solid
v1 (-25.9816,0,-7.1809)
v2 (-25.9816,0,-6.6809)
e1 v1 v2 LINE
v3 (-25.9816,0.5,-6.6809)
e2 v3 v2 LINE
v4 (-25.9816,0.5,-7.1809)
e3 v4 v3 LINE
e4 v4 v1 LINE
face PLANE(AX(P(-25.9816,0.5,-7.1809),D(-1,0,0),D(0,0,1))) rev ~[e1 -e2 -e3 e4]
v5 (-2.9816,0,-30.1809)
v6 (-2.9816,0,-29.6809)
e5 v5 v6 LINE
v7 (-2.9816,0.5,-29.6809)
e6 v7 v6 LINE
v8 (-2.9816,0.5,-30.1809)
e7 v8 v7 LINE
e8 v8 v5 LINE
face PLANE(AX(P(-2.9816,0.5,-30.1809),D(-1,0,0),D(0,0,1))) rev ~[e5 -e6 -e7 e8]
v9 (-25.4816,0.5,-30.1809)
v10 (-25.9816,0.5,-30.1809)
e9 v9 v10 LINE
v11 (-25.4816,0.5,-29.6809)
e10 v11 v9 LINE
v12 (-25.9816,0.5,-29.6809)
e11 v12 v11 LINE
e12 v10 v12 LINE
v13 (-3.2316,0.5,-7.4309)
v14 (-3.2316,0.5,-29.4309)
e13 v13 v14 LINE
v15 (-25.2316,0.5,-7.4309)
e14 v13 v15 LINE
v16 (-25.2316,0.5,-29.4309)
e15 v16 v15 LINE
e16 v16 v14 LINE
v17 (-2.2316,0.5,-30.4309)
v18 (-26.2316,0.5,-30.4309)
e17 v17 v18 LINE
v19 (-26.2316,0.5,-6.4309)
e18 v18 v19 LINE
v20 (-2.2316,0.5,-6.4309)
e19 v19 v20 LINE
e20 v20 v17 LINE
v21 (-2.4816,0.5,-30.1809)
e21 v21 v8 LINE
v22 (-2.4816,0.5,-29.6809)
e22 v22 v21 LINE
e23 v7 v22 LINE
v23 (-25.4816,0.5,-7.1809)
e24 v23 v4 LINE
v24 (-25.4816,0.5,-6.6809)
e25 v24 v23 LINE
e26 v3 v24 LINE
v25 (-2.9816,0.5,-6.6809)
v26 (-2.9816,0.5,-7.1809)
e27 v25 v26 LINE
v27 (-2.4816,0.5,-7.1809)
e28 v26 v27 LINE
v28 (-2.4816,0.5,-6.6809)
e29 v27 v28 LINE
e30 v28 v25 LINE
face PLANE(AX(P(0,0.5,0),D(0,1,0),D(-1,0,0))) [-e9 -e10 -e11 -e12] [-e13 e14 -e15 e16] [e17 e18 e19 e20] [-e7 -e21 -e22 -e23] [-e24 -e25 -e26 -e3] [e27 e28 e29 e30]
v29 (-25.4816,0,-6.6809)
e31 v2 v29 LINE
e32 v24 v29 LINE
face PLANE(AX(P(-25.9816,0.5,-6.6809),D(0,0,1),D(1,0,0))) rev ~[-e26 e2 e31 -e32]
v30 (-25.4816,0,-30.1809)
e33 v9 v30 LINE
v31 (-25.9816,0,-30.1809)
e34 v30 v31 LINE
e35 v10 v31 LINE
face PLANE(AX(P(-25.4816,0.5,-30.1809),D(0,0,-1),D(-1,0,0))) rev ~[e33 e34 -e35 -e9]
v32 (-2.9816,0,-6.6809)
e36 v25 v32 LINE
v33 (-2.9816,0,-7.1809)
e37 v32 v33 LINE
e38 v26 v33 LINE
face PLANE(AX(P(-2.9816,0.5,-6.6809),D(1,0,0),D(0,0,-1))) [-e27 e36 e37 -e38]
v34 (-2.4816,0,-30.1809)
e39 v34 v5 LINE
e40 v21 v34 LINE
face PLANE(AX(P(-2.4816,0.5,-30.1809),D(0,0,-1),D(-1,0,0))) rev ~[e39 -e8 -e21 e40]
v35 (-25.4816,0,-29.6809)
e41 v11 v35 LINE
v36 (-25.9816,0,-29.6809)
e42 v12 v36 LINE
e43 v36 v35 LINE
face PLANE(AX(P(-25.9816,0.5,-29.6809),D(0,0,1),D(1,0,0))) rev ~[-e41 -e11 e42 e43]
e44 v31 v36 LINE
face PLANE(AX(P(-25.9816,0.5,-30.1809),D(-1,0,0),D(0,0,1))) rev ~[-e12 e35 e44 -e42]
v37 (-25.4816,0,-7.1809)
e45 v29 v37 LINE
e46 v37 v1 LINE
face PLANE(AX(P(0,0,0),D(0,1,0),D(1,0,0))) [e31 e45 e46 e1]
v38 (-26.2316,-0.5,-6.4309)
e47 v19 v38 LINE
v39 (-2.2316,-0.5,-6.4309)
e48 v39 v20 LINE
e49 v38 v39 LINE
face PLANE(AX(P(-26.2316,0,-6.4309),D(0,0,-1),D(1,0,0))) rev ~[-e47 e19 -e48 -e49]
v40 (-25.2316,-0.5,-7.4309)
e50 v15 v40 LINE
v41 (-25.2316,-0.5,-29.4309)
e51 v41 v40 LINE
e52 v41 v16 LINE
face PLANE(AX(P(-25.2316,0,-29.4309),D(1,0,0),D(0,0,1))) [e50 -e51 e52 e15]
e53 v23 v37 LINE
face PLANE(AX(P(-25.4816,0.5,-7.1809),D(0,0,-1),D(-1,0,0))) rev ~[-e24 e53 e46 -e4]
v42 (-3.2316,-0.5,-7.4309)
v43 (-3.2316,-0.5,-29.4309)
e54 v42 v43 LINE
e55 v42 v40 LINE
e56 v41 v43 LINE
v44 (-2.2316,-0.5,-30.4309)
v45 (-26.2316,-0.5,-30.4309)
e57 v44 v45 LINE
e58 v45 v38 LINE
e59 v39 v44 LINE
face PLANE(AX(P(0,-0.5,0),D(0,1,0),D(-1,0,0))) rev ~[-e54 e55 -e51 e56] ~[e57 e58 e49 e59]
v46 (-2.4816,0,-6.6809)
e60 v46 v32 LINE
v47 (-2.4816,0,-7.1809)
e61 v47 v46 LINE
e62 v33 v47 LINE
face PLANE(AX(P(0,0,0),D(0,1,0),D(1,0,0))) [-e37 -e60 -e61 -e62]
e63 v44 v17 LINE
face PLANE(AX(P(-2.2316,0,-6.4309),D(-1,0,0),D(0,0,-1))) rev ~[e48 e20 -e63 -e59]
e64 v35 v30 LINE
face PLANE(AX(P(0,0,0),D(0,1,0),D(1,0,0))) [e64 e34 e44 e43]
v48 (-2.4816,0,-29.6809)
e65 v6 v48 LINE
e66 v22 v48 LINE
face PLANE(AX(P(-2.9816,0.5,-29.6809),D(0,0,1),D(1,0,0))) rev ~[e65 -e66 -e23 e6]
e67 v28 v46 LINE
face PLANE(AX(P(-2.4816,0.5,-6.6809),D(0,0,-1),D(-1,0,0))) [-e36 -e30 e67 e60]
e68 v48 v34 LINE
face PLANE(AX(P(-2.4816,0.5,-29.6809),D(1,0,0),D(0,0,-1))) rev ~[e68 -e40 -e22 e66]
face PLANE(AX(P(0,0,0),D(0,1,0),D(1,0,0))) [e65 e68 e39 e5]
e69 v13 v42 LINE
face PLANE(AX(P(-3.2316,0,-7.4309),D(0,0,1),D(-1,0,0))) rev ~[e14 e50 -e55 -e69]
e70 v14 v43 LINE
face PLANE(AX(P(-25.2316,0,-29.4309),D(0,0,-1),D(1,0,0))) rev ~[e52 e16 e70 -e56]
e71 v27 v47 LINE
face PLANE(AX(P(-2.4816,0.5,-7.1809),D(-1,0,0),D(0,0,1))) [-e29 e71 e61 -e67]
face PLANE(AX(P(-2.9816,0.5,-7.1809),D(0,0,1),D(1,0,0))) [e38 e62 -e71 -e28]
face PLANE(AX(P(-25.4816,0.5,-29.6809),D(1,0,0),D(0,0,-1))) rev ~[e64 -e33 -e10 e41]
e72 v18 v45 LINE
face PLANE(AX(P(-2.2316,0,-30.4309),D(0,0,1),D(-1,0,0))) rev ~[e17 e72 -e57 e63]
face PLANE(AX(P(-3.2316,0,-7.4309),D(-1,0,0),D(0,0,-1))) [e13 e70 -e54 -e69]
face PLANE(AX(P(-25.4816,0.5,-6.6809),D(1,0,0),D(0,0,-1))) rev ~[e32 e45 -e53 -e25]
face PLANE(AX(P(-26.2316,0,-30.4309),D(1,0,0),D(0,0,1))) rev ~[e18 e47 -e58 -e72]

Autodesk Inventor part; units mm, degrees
ref_plane "YZ Plane" through (0, 0, 0) normal (1, 0, 0) x (0, 1, 0)
ref_plane "XZ Plane" through (0, 0, 0) normal (0, 1, 0) x (-1, 0, 0)
ref_plane "XY Plane" through (0, 0, 0) normal (0, 0, 1) x (1, 0, 0)
sketch "Boceto1" plane through (0, 0, 0) normal (0, 1, 0) x (-1, 0, 0)
  line L0 (2.2316, -6.4309) -> (2.2316, -30.4309)
  line L1 (2.2316, -30.4309) -> (26.2316, -30.4309)
  line L2 (26.2316, -30.4309) -> (26.2316, -6.4309)
  line L3 (26.2316, -6.4309) -> (2.2316, -6.4309)
  line L4 (25.2316, -29.4309) -> (3.2316, -29.4309)
  line L5 (3.2316, -7.4309) -> (3.2316, -29.4309)
  line L6 (3.2316, -7.4309) -> (25.2316, -7.4309)
  line L7 (25.2316, -29.4309) -> (25.2316, -7.4309)
  point P0 (0, 0)
  dimension "d0" = 24
  dimension "d1" = 24
extrude "Extrusión1" add sketch "Boceto1" along normal mid plane 1
sketch "Boceto2" plane through (0, 0.5, 0) normal (0, 1, 0) x (1, 0, 0)
  line L0 (-26.2316, 6.4309) -> (-2.2316, 6.4309) projected
  line L1 (-3.2316, 7.4309) -> (-25.2316, 7.4309) projected
  line L2 (-2.4816, 7.1809) -> (-2.4816, 6.6809)
  line L3 (-2.4816, 6.6809) -> (-2.9816, 6.6809)
  line L4 (-2.9816, 6.6809) -> (-2.9816, 7.1809)
  line L5 (-2.9816, 7.1809) -> (-2.4816, 7.1809)
  line L6 (-25.2316, 29.4309) -> (-3.2316, 29.4309) projected
  line L7 (-2.9816, 29.6809) -> (-2.4816, 29.6809)
  line L8 (-2.4816, 29.6809) -> (-2.4816, 30.1809)
  line L9 (-2.4816, 30.1809) -> (-2.9816, 30.1809)
  line L10 (-2.9816, 30.1809) -> (-2.9816, 29.6809)
  line L11 (-2.2316, 30.4309) -> (-26.2316, 30.4309) projected
  line L12 (-25.9816, 30.1809) -> (-25.9816, 29.6809)
  line L13 (-25.9816, 29.6809) -> (-25.4816, 29.6809)
  line L14 (-25.4816, 29.6809) -> (-25.4816, 30.1809)
  line L15 (-25.4816, 30.1809) -> (-25.9816, 30.1809)
  line L16 (-26.2316, 30.4309) -> (-26.2316, 6.4309) projected
  line L17 (-25.9816, 7.1809) -> (-25.9816, 6.6809)
  line L18 (-25.9816, 6.6809) -> (-25.4816, 6.6809)
  line L19 (-25.4816, 6.6809) -> (-25.4816, 7.1809)
  line L20 (-25.4816, 7.1809) -> (-25.9816, 7.1809)
  point P0 (0, 0)
extrude "Extrusión2" cut sketch "Boceto2" against normal blind 0.5
properties part number "Pieza idividula 2"
